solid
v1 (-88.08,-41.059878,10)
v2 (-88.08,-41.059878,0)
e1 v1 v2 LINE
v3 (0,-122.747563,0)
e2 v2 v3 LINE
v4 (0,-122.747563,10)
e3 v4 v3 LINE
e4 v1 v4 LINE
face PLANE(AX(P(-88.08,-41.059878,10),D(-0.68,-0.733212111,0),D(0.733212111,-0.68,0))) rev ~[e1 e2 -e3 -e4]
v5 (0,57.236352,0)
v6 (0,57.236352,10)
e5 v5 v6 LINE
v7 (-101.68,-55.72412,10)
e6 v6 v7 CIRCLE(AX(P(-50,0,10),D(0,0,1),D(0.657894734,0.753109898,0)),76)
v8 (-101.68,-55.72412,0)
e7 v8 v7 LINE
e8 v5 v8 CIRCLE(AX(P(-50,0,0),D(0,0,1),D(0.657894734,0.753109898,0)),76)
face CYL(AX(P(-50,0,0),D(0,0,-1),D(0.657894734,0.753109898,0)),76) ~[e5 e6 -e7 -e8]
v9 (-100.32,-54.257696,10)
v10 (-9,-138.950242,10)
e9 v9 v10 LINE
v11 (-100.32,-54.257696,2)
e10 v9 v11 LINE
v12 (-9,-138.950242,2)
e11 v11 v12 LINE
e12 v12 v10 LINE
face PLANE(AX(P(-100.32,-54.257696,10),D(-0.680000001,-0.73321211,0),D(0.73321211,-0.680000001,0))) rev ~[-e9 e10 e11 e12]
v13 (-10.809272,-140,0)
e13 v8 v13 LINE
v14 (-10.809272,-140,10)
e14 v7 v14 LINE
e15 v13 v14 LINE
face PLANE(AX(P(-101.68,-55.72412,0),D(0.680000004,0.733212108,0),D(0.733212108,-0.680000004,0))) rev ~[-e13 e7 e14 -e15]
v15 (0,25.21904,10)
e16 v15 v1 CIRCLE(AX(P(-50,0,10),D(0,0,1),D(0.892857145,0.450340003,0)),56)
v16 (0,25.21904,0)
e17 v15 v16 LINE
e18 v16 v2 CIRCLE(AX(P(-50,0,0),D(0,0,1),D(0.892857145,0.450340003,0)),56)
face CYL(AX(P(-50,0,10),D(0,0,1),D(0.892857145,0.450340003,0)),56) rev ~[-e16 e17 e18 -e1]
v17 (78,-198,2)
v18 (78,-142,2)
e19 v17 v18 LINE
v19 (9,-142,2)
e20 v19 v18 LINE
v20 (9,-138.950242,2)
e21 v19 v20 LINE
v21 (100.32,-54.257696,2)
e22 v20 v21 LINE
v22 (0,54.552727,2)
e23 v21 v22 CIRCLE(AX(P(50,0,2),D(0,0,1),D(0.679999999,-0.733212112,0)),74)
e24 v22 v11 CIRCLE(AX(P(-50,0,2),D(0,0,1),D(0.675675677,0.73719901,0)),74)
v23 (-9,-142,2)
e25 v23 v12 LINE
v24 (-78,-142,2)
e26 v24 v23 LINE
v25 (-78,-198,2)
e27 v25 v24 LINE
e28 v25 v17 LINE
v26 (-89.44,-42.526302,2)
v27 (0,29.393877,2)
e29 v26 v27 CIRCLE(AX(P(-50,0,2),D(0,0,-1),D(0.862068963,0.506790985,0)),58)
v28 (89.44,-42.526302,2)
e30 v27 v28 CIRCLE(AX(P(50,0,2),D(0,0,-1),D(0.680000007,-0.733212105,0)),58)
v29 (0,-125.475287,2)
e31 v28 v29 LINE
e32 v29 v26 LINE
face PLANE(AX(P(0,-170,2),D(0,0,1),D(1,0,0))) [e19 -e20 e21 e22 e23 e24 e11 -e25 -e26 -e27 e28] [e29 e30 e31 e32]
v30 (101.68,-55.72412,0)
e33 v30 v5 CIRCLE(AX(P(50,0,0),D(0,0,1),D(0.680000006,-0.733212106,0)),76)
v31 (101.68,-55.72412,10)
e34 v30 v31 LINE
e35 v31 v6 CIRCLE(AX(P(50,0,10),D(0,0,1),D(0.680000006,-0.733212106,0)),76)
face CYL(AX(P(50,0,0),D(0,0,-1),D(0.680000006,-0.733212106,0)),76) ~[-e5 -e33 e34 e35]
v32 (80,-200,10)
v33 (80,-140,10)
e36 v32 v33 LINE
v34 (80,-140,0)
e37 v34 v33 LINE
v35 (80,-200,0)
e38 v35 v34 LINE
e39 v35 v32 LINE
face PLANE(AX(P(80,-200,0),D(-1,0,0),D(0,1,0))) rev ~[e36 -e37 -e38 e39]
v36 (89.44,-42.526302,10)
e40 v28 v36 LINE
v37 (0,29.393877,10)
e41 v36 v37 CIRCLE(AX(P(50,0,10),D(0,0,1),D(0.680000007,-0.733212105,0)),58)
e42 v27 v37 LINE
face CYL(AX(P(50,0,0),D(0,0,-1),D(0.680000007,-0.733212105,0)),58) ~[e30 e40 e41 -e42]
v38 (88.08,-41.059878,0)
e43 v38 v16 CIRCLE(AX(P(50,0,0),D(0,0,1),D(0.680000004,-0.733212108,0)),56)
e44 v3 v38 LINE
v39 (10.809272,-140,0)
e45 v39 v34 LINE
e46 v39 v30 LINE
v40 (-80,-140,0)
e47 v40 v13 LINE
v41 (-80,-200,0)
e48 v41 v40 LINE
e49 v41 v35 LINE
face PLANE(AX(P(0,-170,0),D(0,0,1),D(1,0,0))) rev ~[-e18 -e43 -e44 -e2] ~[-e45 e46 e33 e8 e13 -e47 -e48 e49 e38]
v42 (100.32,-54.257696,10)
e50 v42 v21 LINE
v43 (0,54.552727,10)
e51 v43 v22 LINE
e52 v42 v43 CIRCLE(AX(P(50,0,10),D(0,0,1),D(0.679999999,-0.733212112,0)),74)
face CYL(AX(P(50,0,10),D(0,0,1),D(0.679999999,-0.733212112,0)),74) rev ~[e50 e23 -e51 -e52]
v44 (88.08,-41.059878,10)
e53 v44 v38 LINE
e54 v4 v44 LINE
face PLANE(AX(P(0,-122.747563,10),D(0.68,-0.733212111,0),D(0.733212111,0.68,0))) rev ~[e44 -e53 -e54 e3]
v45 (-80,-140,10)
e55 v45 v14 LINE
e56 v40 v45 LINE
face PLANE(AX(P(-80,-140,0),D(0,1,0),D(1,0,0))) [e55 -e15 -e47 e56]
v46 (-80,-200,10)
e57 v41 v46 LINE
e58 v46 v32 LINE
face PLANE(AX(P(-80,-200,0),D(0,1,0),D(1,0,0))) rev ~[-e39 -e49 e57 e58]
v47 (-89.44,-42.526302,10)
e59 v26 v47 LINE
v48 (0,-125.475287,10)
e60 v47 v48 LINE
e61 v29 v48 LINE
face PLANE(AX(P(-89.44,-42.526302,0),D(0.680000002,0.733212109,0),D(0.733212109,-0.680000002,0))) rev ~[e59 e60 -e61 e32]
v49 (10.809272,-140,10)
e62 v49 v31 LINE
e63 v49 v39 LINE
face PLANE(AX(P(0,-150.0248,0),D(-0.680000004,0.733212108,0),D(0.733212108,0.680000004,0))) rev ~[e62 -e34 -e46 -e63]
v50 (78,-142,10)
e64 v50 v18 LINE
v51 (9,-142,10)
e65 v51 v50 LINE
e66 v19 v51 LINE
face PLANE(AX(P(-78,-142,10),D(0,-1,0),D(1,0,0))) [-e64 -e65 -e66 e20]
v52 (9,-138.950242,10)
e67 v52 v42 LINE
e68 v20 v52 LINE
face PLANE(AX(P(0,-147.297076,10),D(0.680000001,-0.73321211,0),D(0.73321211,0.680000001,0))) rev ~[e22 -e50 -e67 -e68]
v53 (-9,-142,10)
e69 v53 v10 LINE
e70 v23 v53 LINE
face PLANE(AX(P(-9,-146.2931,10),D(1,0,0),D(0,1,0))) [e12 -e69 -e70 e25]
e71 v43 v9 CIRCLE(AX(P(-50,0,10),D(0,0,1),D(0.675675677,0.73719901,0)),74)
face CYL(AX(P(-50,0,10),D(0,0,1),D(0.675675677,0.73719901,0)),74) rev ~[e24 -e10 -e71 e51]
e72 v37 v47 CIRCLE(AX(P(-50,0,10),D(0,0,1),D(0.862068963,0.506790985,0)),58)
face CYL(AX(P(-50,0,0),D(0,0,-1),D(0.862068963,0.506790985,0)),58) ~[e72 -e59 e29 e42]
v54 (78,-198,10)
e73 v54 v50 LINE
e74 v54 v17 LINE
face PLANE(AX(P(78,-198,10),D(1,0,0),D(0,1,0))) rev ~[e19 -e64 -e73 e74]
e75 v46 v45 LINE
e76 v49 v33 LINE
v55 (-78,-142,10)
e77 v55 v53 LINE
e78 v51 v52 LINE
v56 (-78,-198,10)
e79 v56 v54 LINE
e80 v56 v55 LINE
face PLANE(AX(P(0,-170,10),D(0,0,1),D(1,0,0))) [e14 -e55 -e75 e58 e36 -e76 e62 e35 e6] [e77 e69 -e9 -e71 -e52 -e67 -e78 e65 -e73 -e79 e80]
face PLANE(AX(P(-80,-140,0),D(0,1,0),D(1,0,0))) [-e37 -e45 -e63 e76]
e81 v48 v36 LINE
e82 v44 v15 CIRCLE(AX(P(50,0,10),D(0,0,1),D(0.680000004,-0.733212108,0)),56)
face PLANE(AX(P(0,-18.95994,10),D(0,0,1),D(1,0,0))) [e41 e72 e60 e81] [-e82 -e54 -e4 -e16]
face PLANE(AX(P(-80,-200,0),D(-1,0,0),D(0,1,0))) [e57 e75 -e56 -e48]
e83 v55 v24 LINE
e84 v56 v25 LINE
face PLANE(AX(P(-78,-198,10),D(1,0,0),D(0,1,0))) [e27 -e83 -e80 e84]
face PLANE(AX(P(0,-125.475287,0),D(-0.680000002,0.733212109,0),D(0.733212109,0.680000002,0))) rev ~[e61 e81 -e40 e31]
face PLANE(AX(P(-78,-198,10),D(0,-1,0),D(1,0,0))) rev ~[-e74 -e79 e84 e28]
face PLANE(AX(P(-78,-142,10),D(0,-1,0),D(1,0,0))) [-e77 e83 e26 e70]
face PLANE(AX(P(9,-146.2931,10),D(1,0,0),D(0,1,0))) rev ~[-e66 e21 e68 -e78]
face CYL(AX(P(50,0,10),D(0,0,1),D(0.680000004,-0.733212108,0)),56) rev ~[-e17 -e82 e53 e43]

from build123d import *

# Parameters (mm, degrees)
PAD_DEPTH       = 10
POCKET_DEPTH    = 8
PAD001_DEPTH    = 10
POCKET001_DEPTH = 10.001
SKETCH004_W     = 160
SKETCH004_H     = 60
PAD002_DEPTH    = 10
SKETCH005_W     = 156
SKETCH005_H     = 56
POCKET002_DEPTH = 8
SKETCH006_W     = 18
SKETCH006_H     = 12
POCKET003_DEPTH = 8


with BuildPart() as part:
    # Sketch001 → Pad (new body)
    with BuildSketch(Plane.XY):
        with BuildLine():
            ThreePointArc((0, 57.236352), (-106.486482, 50.845622), (-101.68, -55.72412))
            Line((-101.68, -55.72412), (0, -150.0248))
            Line((0, -150.0248), (101.68, -55.72412))
            ThreePointArc((101.68, -55.72412), (106.486482, 50.845622), (0, 57.236352))
        make_face()
    extrude(amount=PAD_DEPTH)

    # Sketch002 → Pocket (cut)
    with BuildSketch(Plane.XY.offset(10)):
        with BuildLine():
            ThreePointArc((0, 54.552727), (-104.405447, 50.160217), (-100.32, -54.257696))
            Line((-100.32, -54.257696), (0, -147.297076))
            Line((0, -147.297076), (100.32, -54.257696))
            ThreePointArc((100.32, -54.257696), (104.405447, 50.160217), (0, 54.552727))
        make_face()
    extrude(amount=-POCKET_DEPTH, mode=Mode.SUBTRACT)

    # Sketch003 → Pad001 (join)
    with BuildSketch(Plane.XY):
        with BuildLine():
            ThreePointArc((0, 29.393877), (-86.345652, 45.199486), (-89.44, -42.526302))
            Line((-89.44, -42.526302), (0, -125.475287))
            Line((0, -125.475287), (89.44, -42.526302))
            ThreePointArc((89.44, -42.526302), (86.345652, 45.199486), (0, 29.393877))
        make_face()
    extrude(amount=PAD001_DEPTH)

    # Sketch → Pocket001 (cut, through all)
    with BuildSketch(Plane.XY.offset(10)):
        with BuildLine():
            ThreePointArc((0, 25.21904), (-83.671135, 44.74656), (-88.08, -41.059878))
            Line((-88.08, -41.059878), (0, -122.747563))
            Line((0, -122.747563), (88.08, -41.059878))
            ThreePointArc((88.08, -41.059878), (83.671135, 44.74656), (0, 25.21904))
        make_face()
    extrude(amount=-POCKET001_DEPTH, mode=Mode.SUBTRACT)

    # Sketch004 → Pad002 (join)
    with BuildSketch(Plane.XY):
        with Locations((0, -170)):
            Rectangle(SKETCH004_W, SKETCH004_H)
    extrude(amount=PAD002_DEPTH)

    # Sketch005 → Pocket002 (cut)
    with BuildSketch(Plane.XY.offset(10)):
        with Locations((0, -170)):
            Rectangle(SKETCH005_W, SKETCH005_H)
    extrude(amount=-POCKET002_DEPTH, mode=Mode.SUBTRACT)

    # Sketch006 → Pocket003 (cut)
    with BuildSketch(Plane.XY.offset(10)):
        with Locations((0, -140.2931)):
            Rectangle(SKETCH006_W, SKETCH006_H)
    extrude(amount=-POCKET003_DEPTH, mode=Mode.SUBTRACT)


solid = part.part
